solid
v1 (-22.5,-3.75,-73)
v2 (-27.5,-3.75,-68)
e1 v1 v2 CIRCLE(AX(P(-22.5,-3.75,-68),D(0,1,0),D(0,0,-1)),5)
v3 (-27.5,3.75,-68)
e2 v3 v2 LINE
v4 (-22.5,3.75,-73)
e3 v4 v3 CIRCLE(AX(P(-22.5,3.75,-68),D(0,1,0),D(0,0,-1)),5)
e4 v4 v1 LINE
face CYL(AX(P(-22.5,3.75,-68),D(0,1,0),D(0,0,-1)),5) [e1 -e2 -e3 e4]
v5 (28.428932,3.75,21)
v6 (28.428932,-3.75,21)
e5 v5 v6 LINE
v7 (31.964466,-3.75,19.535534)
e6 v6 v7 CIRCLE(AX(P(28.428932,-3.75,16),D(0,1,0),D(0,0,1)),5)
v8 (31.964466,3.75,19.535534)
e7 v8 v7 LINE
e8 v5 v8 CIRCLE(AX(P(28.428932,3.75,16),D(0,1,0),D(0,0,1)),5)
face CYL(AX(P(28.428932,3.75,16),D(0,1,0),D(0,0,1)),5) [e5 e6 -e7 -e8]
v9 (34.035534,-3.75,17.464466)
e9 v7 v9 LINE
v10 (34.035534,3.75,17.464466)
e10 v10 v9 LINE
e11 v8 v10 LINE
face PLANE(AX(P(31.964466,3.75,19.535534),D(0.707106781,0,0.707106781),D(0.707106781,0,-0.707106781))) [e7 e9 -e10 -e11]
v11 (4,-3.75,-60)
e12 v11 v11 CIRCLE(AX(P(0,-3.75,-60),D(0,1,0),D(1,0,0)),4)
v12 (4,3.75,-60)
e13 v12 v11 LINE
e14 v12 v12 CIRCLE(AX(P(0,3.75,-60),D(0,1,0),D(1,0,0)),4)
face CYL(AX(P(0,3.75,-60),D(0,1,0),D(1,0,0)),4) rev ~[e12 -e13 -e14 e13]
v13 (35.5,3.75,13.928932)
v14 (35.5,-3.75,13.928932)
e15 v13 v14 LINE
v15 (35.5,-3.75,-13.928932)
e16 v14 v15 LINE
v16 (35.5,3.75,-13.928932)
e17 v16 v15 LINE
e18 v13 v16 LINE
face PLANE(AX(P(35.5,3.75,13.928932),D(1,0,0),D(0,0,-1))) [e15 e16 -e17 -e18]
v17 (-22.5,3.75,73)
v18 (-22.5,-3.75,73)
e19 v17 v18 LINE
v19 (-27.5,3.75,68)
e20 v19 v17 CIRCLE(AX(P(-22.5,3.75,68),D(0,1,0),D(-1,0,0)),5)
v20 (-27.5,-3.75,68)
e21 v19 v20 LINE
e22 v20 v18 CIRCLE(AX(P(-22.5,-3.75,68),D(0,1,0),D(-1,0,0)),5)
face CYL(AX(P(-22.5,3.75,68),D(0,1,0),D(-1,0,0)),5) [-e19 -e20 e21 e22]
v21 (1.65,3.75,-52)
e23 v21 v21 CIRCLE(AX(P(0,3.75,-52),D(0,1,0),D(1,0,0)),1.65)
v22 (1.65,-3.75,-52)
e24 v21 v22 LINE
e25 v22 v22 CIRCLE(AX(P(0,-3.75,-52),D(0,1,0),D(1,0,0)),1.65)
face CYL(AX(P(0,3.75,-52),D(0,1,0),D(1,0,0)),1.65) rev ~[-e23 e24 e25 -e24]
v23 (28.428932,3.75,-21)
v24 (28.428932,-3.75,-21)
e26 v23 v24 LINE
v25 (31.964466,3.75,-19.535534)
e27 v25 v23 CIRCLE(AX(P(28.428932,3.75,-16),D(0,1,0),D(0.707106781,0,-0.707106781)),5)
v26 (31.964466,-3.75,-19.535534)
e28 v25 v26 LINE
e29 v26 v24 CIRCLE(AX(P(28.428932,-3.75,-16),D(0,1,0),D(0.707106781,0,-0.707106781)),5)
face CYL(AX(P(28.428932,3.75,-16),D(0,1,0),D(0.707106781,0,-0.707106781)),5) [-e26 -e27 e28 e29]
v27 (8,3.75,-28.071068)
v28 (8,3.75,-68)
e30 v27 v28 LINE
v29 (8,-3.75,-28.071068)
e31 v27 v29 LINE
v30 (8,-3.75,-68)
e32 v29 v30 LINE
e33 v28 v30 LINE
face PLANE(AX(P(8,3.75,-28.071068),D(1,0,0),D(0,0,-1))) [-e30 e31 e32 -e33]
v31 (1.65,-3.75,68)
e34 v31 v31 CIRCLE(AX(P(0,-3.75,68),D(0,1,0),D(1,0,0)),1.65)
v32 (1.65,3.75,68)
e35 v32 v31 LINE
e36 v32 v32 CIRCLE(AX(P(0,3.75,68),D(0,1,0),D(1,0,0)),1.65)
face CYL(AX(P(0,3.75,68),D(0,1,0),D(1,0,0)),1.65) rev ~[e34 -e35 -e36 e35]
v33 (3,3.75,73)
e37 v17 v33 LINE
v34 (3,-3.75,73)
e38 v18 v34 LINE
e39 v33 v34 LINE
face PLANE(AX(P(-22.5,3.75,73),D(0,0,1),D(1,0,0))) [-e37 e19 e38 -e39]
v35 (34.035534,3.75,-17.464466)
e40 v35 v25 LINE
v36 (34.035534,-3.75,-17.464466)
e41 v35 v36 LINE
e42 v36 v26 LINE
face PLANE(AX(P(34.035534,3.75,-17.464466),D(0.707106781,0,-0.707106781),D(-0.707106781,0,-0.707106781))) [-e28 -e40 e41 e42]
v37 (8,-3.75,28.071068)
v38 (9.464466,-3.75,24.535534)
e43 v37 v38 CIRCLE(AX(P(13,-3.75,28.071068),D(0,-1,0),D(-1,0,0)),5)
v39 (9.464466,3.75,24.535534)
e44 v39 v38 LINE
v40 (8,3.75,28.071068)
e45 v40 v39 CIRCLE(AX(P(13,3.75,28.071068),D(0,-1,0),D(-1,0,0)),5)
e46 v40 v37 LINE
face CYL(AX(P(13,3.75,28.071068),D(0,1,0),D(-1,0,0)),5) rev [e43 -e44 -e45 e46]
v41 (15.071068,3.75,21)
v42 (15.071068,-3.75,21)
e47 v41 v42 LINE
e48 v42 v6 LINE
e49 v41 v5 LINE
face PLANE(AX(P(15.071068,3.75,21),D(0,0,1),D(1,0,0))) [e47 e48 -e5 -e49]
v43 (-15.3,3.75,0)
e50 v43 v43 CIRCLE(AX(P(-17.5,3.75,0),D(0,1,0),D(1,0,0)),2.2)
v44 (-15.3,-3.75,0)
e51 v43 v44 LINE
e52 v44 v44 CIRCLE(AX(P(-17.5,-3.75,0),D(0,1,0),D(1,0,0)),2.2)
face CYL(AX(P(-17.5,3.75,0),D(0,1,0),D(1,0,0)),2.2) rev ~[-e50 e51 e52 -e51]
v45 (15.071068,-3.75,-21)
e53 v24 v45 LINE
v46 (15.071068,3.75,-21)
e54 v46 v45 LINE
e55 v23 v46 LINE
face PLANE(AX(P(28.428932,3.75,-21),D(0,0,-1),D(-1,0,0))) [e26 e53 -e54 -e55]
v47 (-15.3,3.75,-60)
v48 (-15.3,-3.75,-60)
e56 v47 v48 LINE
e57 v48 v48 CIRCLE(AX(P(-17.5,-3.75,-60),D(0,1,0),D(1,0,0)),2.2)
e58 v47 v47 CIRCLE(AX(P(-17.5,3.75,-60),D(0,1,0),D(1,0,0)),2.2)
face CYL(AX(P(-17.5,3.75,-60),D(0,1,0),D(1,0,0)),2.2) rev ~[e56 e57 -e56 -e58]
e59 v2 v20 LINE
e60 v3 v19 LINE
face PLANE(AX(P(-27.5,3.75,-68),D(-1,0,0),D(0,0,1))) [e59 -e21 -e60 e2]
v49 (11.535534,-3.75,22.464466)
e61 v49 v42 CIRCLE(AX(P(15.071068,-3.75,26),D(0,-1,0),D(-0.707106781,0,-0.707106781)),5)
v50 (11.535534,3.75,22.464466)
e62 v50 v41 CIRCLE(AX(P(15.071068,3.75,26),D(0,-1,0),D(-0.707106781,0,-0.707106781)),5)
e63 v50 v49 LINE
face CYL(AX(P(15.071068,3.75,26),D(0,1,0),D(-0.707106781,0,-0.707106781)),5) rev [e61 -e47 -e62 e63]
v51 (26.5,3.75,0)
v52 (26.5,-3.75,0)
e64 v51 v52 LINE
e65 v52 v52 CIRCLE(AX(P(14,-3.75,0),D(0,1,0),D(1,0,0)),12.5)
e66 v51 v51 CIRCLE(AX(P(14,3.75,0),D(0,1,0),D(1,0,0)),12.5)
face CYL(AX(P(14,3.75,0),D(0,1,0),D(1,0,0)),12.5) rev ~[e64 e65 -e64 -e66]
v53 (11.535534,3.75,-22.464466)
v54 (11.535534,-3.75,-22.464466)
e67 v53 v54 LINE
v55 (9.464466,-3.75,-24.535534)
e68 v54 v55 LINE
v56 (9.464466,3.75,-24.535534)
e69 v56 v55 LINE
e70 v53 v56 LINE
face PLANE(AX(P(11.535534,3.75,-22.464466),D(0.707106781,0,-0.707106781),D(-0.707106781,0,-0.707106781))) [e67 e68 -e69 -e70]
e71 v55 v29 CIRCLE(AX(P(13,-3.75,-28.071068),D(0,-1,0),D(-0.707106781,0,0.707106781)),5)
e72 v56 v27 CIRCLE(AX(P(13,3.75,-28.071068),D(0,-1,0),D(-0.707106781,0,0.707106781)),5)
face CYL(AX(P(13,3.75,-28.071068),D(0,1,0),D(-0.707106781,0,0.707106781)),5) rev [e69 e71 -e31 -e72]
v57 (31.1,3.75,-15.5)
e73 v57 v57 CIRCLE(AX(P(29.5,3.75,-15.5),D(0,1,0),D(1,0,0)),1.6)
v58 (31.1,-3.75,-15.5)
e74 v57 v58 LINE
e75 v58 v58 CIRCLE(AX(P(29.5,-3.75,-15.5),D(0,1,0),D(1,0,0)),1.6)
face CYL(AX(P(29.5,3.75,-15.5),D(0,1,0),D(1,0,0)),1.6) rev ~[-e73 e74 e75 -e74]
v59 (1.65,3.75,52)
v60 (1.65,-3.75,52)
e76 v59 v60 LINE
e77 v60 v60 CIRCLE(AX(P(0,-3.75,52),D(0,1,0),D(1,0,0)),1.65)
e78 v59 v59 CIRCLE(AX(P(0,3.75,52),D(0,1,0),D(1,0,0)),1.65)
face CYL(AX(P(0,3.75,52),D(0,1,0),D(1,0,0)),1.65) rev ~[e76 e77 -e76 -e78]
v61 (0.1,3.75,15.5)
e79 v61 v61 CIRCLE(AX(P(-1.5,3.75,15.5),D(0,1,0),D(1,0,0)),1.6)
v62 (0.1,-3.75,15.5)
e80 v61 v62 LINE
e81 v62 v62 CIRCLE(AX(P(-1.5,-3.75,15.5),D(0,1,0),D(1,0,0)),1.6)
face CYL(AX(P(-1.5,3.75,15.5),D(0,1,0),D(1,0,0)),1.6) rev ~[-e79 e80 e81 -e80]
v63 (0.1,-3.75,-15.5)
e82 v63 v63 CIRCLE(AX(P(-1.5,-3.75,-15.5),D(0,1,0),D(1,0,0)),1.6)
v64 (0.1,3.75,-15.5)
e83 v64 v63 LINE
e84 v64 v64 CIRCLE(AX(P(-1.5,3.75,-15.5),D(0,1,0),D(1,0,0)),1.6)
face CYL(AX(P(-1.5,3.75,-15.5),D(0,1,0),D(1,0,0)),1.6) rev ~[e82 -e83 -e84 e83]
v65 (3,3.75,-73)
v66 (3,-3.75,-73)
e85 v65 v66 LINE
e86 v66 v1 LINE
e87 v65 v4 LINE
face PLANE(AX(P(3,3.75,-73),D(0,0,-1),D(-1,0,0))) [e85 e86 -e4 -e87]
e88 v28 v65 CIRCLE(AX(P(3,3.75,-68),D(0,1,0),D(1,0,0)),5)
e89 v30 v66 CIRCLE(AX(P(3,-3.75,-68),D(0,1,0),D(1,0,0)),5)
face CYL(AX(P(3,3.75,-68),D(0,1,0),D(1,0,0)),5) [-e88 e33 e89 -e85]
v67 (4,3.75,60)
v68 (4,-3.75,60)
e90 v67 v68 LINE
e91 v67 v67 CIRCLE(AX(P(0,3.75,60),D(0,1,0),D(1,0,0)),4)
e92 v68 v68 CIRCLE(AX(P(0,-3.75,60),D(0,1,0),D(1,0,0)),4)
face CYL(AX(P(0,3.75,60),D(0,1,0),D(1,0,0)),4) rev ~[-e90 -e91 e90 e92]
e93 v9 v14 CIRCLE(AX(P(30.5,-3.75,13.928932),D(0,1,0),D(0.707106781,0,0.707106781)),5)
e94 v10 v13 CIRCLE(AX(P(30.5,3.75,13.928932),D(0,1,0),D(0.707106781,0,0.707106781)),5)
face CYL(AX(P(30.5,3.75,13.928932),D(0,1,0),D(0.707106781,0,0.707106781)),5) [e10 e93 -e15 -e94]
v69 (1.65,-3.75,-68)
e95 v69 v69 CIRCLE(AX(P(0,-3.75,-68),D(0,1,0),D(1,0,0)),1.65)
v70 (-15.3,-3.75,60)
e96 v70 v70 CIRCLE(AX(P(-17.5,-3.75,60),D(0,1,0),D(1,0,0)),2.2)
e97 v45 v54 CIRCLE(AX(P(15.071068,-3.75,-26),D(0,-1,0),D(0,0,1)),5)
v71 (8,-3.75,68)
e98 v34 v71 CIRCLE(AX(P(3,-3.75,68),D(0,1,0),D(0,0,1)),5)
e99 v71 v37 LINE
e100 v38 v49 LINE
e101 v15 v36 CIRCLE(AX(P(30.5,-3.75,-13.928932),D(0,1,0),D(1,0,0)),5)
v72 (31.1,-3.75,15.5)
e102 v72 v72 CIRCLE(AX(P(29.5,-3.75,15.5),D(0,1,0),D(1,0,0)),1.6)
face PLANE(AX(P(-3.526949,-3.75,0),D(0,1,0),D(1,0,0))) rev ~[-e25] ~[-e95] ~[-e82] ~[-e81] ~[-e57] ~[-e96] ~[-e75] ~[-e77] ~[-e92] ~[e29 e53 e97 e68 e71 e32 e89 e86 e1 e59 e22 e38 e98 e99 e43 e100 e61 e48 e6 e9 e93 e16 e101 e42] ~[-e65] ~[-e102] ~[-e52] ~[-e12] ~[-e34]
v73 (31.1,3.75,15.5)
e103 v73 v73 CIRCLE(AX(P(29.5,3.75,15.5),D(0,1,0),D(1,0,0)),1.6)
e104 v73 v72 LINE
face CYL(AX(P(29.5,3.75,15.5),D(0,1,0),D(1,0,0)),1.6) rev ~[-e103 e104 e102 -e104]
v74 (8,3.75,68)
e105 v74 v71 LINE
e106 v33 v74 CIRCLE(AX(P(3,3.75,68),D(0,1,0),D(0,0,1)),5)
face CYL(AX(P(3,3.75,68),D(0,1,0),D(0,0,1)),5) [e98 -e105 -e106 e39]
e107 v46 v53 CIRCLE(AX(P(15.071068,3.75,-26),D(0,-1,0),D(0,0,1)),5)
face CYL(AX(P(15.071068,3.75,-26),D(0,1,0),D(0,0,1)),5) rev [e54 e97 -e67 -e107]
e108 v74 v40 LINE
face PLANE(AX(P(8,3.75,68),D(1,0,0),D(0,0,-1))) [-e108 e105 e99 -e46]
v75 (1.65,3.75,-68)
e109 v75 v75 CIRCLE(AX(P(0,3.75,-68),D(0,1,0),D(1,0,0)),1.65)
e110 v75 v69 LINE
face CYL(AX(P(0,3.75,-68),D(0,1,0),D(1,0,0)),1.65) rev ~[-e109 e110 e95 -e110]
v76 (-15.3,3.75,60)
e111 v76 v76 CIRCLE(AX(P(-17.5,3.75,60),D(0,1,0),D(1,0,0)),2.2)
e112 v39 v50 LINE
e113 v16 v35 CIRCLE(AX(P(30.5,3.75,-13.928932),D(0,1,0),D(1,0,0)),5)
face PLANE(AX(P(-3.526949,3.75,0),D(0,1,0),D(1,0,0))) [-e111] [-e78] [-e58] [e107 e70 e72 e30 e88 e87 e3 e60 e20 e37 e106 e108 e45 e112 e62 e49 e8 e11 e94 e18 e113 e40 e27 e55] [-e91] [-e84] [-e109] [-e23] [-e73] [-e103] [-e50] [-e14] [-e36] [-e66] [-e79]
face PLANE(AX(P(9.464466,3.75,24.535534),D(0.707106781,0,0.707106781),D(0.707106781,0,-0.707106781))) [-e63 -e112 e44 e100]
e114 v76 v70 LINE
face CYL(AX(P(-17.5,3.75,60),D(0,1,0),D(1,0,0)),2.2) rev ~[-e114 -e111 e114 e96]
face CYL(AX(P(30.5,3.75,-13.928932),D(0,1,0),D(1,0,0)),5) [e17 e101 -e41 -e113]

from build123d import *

# Parameters (mm, degrees)
SKETCH1_R           = 1.65
SKETCH1_R_2         = 1.6
SKETCH1_R_3         = 12.5
SKETCH1_R_4         = 2.2
SKETCH1_R_5         = 4
BOSS_EXTRUDE1_DEPTH = 7.5


with BuildPart() as part:
    # Sketch1 → Boss-Extrude1 (new body)
    with BuildSketch(Plane(origin=(0, 3.75, 0), x_dir=(1, 0, 0), z_dir=(0, 1, 0))):
        with BuildLine():
            Line((34.035533906, 17.464466094), (31.964466094, 19.535533906))
            ThreePointArc((31.964466094, 19.535533906), (30.34234935, 20.619397663), (28.428932188, 21))
            Line((28.428932188, 21), (15.071067812, 21))
            ThreePointArc((15.071067812, 21), (13.15765065, 21.380602337), (11.535533906, 22.464466094))
            Line((11.535533906, 22.464466094), (9.464466094, 24.535533906))
            ThreePointArc((9.464466094, 24.535533906), (8.380602337, 26.15765065), (8, 28.071067812))
            Line((8, 28.071067812), (8, 68))
            ThreePointArc((8, 68), (6.535533906, 71.535533906), (3, 73))
            Line((3, 73), (-22.5, 73))
            ThreePointArc((-22.5, 73), (-26.035533906, 71.535533906), (-27.5, 68))
            Line((-27.5, 68), (-27.5, -68))
            ThreePointArc((-27.5, -68), (-26.035533906, -71.535533906), (-22.5, -73))
            Line((-22.5, -73), (3, -73))
            ThreePointArc((3, -73), (6.535533906, -71.535533906), (8, -68))
            Line((8, -68), (8, -28.071067812))
            ThreePointArc((8, -28.071067812), (8.380602337, -26.15765065), (9.464466094, -24.535533906))
            Line((9.464466094, -24.535533906), (11.535533906, -22.464466094))
            ThreePointArc((11.535533906, -22.464466094), (13.15765065, -21.380602337), (15.071067812, -21))
            Line((15.071067812, -21), (28.428932188, -21))
            ThreePointArc((28.428932188, -21), (30.34234935, -20.619397663), (31.964466094, -19.535533906))
            Line((31.964466094, -19.535533906), (34.035533906, -17.464466094))
            ThreePointArc((34.035533906, -17.464466094), (35.119397663, -15.84234935), (35.5, -13.928932188))
            Line((35.5, -13.928932188), (35.5, 13.928932188))
            ThreePointArc((35.5, 13.928932188), (35.119397663, 15.84234935), (34.035533906, 17.464466094))
        make_face()
        with Locations((0, -68)):
            Circle(SKETCH1_R, mode=Mode.SUBTRACT)
        with Locations((0, -52)):
            Circle(SKETCH1_R, mode=Mode.SUBTRACT)
        with Locations((0, 68)):
            Circle(SKETCH1_R, mode=Mode.SUBTRACT)
        with Locations((0, 52)):
            Circle(SKETCH1_R, mode=Mode.SUBTRACT)
        with Locations((29.5, 15.5)):
            Circle(SKETCH1_R_2, mode=Mode.SUBTRACT)
        with Locations((-1.5, 15.5)):
            Circle(SKETCH1_R_2, mode=Mode.SUBTRACT)
        with Locations((-1.5, -15.5)):
            Circle(SKETCH1_R_2, mode=Mode.SUBTRACT)
        with Locations((29.5, -15.5)):
            Circle(SKETCH1_R_2, mode=Mode.SUBTRACT)
        with Locations((14, 0)):
            Circle(SKETCH1_R_3, mode=Mode.SUBTRACT)
        with Locations((-17.5, 0)):
            Circle(SKETCH1_R_4, mode=Mode.SUBTRACT)
        with Locations((0, -60)):
            Circle(SKETCH1_R_5, mode=Mode.SUBTRACT)
        with Locations((0, 60)):
            Circle(SKETCH1_R_5, mode=Mode.SUBTRACT)
        with Locations((-17.5, 60)):
            Circle(SKETCH1_R_4, mode=Mode.SUBTRACT)
        with Locations((-17.5, -60)):
            Circle(SKETCH1_R_4, mode=Mode.SUBTRACT)
    extrude(amount=-BOSS_EXTRUDE1_DEPTH)


solid = part.part
